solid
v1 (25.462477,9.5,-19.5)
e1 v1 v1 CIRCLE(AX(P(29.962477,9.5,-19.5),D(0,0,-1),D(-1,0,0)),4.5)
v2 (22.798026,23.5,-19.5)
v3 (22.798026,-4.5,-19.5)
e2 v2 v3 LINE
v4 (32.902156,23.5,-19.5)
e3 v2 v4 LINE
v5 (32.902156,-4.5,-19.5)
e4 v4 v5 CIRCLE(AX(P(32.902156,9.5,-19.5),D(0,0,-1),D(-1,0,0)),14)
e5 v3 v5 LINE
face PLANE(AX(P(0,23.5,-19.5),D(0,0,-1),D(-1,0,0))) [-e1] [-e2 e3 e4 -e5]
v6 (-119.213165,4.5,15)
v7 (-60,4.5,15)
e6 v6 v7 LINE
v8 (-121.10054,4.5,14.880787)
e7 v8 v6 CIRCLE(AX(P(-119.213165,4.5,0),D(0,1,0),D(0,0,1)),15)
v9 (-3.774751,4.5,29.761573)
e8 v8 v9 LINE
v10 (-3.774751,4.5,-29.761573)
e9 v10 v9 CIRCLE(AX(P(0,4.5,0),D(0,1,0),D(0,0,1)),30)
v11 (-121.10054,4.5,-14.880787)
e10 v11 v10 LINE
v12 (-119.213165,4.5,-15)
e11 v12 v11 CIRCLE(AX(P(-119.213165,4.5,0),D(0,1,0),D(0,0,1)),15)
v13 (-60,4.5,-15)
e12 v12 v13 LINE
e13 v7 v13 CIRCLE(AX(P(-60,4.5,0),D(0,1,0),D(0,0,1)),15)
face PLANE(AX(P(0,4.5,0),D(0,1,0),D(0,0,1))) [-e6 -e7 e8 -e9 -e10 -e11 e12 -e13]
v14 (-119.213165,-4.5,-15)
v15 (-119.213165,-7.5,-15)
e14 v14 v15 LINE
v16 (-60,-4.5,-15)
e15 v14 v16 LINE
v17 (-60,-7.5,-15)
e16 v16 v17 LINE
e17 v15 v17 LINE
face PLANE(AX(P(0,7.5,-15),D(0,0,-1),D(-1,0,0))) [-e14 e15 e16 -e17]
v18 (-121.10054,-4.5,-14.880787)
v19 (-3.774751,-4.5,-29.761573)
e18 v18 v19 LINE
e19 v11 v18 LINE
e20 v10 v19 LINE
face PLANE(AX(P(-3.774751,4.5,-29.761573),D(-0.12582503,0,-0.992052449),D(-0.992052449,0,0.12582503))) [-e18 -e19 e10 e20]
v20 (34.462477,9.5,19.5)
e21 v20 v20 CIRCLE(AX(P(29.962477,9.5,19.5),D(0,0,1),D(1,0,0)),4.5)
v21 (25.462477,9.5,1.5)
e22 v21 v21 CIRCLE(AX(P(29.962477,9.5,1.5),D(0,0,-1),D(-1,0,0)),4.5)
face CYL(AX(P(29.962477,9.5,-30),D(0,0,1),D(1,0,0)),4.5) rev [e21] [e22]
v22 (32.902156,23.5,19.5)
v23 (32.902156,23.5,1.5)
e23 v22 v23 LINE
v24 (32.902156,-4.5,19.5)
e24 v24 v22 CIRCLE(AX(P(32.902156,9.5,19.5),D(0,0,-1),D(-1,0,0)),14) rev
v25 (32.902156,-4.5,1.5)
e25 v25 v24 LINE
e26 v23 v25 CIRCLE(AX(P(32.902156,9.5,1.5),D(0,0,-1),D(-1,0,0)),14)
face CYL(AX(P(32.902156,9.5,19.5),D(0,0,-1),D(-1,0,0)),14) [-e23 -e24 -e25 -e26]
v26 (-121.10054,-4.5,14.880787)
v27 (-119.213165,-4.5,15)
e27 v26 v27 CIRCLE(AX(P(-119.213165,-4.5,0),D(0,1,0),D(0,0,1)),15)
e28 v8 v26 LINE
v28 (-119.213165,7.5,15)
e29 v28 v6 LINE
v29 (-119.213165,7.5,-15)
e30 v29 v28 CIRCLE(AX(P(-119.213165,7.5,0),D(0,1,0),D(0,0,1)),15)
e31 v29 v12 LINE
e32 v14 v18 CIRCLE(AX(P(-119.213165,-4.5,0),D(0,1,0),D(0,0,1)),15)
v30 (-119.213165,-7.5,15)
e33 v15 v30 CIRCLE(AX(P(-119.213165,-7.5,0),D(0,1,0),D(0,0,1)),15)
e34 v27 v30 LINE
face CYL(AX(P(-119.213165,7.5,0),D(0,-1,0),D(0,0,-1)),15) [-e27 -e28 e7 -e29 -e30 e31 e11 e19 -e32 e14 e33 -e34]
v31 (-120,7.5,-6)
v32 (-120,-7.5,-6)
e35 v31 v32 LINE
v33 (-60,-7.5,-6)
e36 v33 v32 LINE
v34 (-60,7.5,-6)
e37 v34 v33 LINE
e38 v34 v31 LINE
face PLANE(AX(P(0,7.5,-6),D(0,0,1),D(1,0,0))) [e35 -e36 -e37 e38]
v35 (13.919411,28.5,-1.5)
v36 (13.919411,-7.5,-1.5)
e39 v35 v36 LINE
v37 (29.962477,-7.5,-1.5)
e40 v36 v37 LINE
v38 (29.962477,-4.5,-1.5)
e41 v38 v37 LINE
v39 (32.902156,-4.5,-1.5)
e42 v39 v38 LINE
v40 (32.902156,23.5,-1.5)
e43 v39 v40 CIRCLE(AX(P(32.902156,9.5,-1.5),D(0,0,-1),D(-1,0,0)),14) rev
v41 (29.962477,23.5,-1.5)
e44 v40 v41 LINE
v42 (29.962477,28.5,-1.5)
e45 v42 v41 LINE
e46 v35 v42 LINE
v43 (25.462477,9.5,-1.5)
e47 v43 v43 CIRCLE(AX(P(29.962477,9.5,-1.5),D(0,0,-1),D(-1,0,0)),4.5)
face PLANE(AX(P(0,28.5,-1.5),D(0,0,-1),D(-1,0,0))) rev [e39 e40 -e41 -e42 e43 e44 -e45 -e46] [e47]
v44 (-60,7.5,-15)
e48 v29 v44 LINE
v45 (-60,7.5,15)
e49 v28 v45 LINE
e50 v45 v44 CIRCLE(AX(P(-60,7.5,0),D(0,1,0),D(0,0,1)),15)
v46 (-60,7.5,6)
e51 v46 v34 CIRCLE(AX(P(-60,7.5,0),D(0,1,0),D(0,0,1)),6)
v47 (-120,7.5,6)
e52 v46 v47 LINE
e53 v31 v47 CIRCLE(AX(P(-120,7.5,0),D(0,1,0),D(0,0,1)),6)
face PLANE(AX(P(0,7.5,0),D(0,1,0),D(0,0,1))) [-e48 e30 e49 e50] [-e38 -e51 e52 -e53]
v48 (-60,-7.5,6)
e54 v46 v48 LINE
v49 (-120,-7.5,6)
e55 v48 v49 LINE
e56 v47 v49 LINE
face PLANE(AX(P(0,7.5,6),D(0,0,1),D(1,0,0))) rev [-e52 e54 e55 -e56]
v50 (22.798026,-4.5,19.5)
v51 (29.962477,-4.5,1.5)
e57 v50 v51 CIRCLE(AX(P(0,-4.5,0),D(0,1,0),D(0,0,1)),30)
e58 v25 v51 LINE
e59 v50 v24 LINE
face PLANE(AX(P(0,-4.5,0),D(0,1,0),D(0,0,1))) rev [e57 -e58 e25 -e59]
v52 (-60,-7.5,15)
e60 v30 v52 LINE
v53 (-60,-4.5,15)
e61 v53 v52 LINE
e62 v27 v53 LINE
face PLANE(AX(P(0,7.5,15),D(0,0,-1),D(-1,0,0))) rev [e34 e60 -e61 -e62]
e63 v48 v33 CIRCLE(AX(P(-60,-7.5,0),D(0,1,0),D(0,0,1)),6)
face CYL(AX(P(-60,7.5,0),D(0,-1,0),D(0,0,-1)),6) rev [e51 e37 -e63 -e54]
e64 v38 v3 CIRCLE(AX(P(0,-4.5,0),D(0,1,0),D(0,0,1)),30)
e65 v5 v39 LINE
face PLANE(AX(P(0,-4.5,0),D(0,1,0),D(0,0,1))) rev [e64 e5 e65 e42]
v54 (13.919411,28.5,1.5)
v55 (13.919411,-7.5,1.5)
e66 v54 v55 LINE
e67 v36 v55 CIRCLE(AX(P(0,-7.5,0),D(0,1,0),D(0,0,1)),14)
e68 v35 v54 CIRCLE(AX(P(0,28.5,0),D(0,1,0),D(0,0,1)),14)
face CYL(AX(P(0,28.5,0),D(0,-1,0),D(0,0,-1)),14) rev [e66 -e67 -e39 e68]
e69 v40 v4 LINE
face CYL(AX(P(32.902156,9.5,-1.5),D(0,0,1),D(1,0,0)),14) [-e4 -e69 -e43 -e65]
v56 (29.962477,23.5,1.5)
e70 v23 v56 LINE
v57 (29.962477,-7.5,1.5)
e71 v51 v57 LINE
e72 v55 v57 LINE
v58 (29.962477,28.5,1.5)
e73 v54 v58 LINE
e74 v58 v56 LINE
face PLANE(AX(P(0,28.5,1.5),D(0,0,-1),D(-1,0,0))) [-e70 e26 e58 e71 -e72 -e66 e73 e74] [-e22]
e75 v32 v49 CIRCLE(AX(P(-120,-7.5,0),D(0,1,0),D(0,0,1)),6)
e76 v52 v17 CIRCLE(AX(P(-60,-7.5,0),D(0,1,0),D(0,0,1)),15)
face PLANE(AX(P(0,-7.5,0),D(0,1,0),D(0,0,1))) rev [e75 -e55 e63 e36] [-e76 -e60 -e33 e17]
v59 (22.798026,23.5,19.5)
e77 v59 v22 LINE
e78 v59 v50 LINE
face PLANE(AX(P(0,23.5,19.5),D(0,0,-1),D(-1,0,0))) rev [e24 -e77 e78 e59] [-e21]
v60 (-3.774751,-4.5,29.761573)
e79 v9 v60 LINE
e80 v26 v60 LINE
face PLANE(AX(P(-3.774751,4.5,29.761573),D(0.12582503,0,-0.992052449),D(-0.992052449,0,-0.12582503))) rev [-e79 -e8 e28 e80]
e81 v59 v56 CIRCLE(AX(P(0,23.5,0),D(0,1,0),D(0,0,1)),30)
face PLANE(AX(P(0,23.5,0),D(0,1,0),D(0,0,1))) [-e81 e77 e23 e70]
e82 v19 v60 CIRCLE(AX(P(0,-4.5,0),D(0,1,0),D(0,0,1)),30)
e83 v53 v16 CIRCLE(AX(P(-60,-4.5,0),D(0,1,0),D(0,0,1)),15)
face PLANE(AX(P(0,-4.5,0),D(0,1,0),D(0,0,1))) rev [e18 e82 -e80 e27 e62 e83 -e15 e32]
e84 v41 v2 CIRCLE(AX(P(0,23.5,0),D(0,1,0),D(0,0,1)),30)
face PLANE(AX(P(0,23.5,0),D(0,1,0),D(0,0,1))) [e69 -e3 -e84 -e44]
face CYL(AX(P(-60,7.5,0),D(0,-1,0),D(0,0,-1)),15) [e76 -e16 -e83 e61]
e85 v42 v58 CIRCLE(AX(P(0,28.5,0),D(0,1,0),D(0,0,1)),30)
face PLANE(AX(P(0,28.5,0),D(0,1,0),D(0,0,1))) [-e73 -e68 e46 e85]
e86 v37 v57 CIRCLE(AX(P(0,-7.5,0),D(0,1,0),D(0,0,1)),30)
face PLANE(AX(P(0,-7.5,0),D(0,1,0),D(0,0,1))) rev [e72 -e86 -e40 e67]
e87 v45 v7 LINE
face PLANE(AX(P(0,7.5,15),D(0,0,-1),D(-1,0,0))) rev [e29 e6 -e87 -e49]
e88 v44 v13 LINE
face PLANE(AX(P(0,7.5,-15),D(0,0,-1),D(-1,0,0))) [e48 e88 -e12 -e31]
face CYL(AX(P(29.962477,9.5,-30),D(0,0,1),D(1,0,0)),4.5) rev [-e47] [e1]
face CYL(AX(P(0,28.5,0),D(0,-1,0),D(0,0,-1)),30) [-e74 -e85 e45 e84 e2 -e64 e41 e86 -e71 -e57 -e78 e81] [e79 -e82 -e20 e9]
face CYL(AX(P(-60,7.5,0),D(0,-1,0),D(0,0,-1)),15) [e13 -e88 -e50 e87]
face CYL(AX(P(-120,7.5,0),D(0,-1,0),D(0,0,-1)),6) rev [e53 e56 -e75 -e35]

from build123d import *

# Parameters (mm, degrees)
BOSS_EXTRUDE1_DEPTH = 7.5
BOSS_EXTRUDE2_DEPTH = 4.5
BOSS_EXTRUDE3_START = 28.5
BOSS_EXTRUDE3_DEPTH = 36
BOSS_EXTRUDE4_START = 23.5
SKETCH1_5_W         = 16.939679335
SKETCH1_5_H         = 18
BOSS_EXTRUDE4_DEPTH = 28
FILLET1_RADIUS      = 14
FILLET1_LENGTH      = 18
FILLET2_RADIUS      = 14
FILLET2_LENGTH      = 18
SKETCH2_R           = 4.5
CUT_EXTRUDE1_DEPTH  = 146.8618303


with BuildPart() as part:
    # Sketch1 → Boss-Extrude1 (new, symmetric)
    with BuildSketch(Plane(origin=(0, 0, 0), x_dir=(1, 0, 0), z_dir=(0, 1, 0))):
        with BuildLine():
            Line((-119.21316455, -15), (-60, -15))
            ThreePointArc((-60, -15), (-45, 0), (-60, 15))
            Line((-60, 15), (-119.21316455, 15))
            ThreePointArc((-119.21316455, 15), (-134.21316455, 0), (-119.21316455, -15))
        make_face()
        with BuildLine():
            ThreePointArc((-120, 6), (-126, 0), (-120, -6))
            Line((-120, -6), (-60, -6))
            ThreePointArc((-60, -6), (-54, 0), (-60, 6))
            Line((-60, 6), (-120, 6))
        make_face(mode=Mode.SUBTRACT)
    extrude(amount=BOSS_EXTRUDE1_DEPTH, both=True)

    # Sketch1<3> → Boss-Extrude2 (add, symmetric)
    with BuildSketch(Plane(origin=(0, 0, 0), x_dir=(1, 0, 0), z_dir=(0, 1, 0))):
        with BuildLine():
            ThreePointArc((-121.100539999, 14.880786737), (-120.158732883, 14.970167017), (-119.21316455, 15))
            Line((-119.21316455, 15), (-60, 15))
            ThreePointArc((-60, 15), (-45, 0), (-60, -15))
            Line((-60, -15), (-119.21316455, -15))
            ThreePointArc((-119.21316455, -15), (-120.158732883, -14.970167017), (-121.100539999, -14.880786737))
            Line((-121.100539999, -14.880786737), (-3.774750899, -29.761573474))
            ThreePointArc((-3.774750899, -29.761573474), (-30, 0), (-3.774750899, 29.761573474))
            Line((-3.774750899, 29.761573474), (-121.100539999, 14.880786737))
        make_face()
    extrude(amount=BOSS_EXTRUDE2_DEPTH, both=True)

    # Sketch1<4> → Boss-Extrude3 (add)
    with BuildSketch(Plane(origin=(0, 0, 0), x_dir=(1, 0, 0), z_dir=(0, 1, 0)).offset(BOSS_EXTRUDE3_START)):
        with BuildLine():
            ThreePointArc((29.962476533, 1.5), (-30, 0), (29.962476533, -1.5))
            Line((29.962476533, -1.5), (13.919410907, -1.5))
            ThreePointArc((13.919410907, -1.5), (-14, 0), (13.919410907, 1.5))
            Line((13.919410907, 1.5), (29.962476533, 1.5))
        make_face()
    extrude(amount=-BOSS_EXTRUDE3_DEPTH)

    # Sketch1<5> → Boss-Extrude4 (add)
    with BuildSketch(Plane(origin=(0, 0, 0), x_dir=(1, 0, 0), z_dir=(0, 1, 0)).offset(BOSS_EXTRUDE4_START)):
        with BuildLine():
            ThreePointArc((29.962476533, -1.5), (27.873242778, -11.094247926), (22.79802623, -19.5))
            Line((22.79802623, -19.5), (29.962476533, -19.5))
            Line((29.962476533, -19.5), (29.962476533, -1.5))
        make_face()
        with Locations((38.4323162, -10.5)):
            Rectangle(SKETCH1_5_W, SKETCH1_5_H)
        with Locations((38.4323162, 10.5)):
            Rectangle(SKETCH1_5_W, SKETCH1_5_H)
        with BuildLine():
            Line((29.962476533, 19.5), (22.79802623, 19.5))
            ThreePointArc((22.79802623, 19.5), (27.873242778, 11.094247926), (29.962476533, 1.5))
            Line((29.962476533, 1.5), (29.962476533, 19.5))
        make_face()
    extrude(amount=-BOSS_EXTRUDE4_DEPTH)

    # Fillet1: full round fillet: the end face becomes a half cylinder, R = half its width
    fillet1_face = Plane((46.902155868, 9.5, 10.5), x_dir=(0, 0, -1), z_dir=(1, 0, 0))  # on the end face: x along it, z out of the body
    fillet1_slab = fillet1_face.offset(-FILLET1_RADIUS / 2) * Box(FILLET1_LENGTH, 2 * FILLET1_RADIUS, FILLET1_RADIUS, mode=Mode.PRIVATE)  # the body's end, R deep
    fillet1_round = Plane((32.902155868, 9.5, 10.5), x_dir=(1, 0, 0), z_dir=(0, 0, -1)) * Cylinder(FILLET1_RADIUS, FILLET1_LENGTH, mode=Mode.PRIVATE)  # its axis R under the face
    add(fillet1_slab - fillet1_round, mode=Mode.SUBTRACT)

    # Fillet2: full round fillet: the end face becomes a half cylinder, R = half its width
    fillet2_face = Plane((46.902155868, 9.5, -10.5), x_dir=(0, 0, 1), z_dir=(1, 0, 0))  # on the end face: x along it, z out of the body
    fillet2_slab = fillet2_face.offset(-FILLET2_RADIUS / 2) * Box(FILLET2_LENGTH, 2 * FILLET2_RADIUS, FILLET2_RADIUS, mode=Mode.PRIVATE)  # the body's end, R deep
    fillet2_round = Plane((32.902155868, 9.5, -10.5), x_dir=(1, 0, 0), z_dir=(0, 0, 1)) * Cylinder(FILLET2_RADIUS, FILLET2_LENGTH, mode=Mode.PRIVATE)  # its axis R under the face
    add(fillet2_slab - fillet2_round, mode=Mode.SUBTRACT)

    # Sketch2 → Cut-Extrude1 (cut, through all)
    with BuildSketch(Plane.XY.offset(19.5)):
        with Locations(Location((29.962476533, 9.5, 0), (0, 0, 180))):
            Circle(SKETCH2_R)
    extrude(amount=-CUT_EXTRUDE1_DEPTH, mode=Mode.SUBTRACT)


solid = part.part
